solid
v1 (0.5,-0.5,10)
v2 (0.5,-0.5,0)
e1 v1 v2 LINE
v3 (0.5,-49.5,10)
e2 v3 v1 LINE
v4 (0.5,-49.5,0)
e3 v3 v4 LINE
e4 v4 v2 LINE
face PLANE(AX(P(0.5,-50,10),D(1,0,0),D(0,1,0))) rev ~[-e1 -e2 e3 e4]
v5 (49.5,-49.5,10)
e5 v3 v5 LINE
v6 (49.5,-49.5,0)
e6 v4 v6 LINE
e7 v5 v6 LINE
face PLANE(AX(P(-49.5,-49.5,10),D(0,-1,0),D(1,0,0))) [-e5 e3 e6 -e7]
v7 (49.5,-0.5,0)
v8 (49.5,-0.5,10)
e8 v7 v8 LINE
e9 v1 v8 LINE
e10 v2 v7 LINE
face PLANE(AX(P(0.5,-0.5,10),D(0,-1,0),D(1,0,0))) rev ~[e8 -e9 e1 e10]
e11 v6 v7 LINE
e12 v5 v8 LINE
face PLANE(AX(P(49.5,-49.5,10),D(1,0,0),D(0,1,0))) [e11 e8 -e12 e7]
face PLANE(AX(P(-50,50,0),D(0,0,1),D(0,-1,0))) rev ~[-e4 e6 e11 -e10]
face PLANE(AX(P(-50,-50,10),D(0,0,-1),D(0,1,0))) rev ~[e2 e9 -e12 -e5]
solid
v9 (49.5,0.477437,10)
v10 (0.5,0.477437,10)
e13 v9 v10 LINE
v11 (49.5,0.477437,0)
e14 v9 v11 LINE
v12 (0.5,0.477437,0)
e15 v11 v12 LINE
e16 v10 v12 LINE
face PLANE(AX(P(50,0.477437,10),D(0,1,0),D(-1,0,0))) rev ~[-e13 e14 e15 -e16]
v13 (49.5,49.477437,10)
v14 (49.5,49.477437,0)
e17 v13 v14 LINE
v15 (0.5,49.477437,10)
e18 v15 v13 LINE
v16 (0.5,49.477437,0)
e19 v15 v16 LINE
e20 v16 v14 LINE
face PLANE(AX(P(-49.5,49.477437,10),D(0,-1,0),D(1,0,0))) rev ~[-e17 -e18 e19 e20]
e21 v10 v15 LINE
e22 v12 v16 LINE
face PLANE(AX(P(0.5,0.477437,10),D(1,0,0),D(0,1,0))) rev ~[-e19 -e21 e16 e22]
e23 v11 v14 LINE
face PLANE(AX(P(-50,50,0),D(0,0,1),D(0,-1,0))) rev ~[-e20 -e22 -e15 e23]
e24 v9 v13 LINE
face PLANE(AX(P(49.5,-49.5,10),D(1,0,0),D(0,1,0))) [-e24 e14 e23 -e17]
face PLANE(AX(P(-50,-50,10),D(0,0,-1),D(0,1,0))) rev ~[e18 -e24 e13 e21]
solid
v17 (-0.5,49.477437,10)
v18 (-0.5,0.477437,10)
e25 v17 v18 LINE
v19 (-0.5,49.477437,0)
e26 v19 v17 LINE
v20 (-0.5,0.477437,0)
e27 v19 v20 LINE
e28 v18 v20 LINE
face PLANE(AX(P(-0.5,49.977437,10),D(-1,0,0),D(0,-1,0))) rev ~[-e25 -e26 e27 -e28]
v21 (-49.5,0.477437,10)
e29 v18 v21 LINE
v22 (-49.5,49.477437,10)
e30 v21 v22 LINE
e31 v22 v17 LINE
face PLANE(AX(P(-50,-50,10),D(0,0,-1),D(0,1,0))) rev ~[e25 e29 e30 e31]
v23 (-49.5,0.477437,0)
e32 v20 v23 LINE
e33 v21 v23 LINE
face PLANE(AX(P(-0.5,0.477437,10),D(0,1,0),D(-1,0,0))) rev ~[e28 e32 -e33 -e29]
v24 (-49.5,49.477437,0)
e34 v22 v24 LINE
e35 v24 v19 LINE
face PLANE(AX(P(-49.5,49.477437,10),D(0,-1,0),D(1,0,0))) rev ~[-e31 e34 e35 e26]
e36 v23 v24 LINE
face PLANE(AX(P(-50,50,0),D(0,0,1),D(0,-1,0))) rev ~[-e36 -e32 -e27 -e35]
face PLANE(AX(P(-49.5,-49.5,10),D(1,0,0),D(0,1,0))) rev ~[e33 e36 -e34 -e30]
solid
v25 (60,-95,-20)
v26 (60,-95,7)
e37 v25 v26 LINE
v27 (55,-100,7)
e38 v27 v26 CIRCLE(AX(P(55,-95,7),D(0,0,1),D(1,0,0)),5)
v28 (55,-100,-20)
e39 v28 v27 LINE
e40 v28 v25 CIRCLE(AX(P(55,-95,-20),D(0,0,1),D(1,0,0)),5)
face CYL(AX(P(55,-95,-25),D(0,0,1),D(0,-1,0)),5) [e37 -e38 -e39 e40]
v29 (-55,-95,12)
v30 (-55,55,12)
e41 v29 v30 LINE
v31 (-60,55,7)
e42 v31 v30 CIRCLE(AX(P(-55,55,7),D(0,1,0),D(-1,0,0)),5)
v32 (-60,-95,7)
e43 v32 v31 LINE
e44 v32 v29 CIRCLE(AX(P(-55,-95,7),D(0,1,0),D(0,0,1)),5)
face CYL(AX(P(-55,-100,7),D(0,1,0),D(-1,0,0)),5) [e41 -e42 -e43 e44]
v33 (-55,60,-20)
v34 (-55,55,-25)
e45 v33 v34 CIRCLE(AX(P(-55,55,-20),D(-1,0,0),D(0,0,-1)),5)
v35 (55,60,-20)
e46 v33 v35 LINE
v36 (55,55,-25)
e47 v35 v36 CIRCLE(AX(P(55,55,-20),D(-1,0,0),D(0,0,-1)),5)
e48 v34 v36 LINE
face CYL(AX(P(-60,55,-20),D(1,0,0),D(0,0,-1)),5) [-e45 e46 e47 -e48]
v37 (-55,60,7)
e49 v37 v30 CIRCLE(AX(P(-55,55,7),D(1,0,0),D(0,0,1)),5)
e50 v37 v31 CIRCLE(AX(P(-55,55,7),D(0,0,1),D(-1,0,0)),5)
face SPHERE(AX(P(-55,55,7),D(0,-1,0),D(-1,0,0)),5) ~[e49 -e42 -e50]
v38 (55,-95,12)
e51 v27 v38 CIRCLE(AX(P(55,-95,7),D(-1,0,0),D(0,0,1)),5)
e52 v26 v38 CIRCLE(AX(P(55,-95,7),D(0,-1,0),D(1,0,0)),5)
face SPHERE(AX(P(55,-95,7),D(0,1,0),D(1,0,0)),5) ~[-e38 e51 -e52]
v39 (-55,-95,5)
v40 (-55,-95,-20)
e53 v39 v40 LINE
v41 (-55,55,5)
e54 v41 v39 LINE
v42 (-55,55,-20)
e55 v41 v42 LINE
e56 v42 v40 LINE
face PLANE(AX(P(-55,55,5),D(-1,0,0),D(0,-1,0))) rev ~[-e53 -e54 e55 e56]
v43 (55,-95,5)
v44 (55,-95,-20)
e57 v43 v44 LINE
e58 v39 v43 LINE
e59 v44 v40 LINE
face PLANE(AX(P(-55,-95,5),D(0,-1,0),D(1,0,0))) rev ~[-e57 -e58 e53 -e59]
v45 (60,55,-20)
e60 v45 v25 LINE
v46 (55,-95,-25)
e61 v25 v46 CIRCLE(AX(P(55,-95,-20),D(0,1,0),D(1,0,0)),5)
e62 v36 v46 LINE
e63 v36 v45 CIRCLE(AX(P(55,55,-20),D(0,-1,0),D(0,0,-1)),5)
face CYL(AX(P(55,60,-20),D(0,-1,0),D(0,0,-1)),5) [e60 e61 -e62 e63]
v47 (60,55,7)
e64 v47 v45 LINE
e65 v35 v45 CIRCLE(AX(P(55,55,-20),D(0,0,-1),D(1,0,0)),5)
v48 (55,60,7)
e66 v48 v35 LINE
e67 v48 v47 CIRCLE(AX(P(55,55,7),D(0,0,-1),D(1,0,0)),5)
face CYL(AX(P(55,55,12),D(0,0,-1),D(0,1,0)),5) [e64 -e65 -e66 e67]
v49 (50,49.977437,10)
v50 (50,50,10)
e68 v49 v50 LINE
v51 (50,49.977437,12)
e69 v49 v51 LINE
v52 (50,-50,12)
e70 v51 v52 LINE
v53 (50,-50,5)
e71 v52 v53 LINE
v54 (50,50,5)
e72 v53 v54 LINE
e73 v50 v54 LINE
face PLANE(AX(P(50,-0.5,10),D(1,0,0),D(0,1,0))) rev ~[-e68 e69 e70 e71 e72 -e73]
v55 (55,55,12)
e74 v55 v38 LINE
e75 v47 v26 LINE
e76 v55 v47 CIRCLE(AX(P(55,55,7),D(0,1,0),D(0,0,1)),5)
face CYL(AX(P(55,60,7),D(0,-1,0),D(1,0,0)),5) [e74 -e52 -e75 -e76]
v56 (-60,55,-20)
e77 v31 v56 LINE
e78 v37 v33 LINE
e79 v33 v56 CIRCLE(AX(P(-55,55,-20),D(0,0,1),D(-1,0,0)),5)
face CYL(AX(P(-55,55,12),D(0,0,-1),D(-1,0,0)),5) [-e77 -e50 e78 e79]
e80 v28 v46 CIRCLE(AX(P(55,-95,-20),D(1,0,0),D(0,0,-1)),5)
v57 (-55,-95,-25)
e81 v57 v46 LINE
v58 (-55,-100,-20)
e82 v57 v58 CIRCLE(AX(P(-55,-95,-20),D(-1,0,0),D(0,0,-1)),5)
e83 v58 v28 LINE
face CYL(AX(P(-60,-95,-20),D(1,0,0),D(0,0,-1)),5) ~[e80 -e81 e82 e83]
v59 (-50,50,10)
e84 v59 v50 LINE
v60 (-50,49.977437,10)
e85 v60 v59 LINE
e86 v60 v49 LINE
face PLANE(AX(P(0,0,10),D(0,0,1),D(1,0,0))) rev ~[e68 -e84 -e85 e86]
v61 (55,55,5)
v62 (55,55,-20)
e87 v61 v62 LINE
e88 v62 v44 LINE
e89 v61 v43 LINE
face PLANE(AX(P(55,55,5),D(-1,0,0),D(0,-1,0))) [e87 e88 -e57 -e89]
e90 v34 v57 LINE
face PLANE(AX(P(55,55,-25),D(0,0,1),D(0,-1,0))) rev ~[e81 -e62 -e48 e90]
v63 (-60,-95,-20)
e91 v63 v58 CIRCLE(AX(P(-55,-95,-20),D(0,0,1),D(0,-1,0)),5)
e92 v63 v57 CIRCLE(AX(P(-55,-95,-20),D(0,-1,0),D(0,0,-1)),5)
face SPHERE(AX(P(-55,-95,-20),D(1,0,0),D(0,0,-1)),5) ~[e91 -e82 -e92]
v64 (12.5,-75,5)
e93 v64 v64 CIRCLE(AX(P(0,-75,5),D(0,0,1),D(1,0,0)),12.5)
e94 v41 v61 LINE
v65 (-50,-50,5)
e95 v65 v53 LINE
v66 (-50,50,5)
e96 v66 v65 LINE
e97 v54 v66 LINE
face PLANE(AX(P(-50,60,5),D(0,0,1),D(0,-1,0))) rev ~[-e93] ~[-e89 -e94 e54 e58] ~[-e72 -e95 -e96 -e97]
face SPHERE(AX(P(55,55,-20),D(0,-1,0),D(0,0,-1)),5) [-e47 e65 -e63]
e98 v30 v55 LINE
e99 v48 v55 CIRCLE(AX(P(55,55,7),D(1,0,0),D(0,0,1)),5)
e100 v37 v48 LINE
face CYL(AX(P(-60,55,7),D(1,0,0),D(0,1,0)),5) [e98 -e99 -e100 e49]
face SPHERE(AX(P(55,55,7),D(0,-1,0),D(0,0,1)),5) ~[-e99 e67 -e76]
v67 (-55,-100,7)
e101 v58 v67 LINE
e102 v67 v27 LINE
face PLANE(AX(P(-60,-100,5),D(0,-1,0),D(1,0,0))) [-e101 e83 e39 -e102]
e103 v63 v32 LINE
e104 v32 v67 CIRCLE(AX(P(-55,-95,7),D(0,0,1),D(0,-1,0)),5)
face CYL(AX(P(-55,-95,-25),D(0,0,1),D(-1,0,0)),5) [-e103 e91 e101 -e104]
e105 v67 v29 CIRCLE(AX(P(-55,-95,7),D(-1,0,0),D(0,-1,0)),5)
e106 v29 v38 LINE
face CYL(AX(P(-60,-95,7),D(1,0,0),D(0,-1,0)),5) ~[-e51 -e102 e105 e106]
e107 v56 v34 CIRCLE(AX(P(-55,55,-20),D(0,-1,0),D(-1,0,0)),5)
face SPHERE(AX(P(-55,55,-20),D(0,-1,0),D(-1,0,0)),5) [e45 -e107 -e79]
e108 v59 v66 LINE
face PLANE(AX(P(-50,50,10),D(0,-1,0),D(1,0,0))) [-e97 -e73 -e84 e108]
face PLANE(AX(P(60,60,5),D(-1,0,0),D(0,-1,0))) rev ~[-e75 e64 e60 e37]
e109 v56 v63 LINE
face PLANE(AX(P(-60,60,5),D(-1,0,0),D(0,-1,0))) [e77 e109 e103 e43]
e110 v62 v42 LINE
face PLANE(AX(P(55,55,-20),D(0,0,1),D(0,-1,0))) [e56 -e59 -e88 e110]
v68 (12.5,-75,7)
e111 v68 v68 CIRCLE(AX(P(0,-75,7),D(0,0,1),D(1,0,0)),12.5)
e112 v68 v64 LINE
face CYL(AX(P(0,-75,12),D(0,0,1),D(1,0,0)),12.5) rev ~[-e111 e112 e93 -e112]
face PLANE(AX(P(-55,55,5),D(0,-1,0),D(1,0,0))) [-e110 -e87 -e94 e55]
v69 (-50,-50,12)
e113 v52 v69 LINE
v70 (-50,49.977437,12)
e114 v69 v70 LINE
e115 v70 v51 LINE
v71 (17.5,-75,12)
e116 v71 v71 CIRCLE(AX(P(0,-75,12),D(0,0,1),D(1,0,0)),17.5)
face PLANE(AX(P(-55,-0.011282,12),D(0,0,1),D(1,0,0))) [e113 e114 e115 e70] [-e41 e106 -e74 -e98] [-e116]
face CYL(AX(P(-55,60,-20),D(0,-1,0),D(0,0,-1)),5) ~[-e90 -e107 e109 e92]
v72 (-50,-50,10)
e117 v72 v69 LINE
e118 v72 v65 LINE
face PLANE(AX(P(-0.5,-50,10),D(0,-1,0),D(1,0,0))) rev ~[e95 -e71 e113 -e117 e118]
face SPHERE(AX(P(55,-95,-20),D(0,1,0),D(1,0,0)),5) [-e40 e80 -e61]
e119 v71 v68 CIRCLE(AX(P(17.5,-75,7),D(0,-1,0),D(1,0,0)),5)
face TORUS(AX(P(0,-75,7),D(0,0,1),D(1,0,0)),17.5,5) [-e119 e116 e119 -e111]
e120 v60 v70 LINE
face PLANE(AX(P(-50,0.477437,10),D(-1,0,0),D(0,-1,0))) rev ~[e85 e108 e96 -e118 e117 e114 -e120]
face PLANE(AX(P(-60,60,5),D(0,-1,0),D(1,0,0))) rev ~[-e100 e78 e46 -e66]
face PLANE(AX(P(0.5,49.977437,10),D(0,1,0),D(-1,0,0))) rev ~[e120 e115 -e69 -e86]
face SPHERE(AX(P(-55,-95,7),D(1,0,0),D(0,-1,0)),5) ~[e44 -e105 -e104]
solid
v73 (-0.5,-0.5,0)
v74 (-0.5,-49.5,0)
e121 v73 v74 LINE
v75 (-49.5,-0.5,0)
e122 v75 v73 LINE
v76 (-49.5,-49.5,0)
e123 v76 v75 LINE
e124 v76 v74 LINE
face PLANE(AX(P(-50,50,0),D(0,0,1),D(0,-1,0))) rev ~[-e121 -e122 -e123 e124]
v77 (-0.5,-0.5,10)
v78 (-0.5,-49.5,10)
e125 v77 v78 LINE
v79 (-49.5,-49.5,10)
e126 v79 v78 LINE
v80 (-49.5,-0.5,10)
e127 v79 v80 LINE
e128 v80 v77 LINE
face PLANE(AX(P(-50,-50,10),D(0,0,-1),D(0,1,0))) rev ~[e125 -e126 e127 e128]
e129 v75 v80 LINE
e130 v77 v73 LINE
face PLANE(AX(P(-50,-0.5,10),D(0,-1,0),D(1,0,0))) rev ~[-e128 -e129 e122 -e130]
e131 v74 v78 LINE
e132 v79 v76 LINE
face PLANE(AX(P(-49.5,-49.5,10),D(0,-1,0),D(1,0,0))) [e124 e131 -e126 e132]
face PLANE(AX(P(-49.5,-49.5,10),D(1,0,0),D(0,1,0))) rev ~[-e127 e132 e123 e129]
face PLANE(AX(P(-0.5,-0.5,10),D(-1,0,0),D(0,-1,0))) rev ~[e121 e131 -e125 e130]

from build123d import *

# Parameters (mm, degrees)
F0_W      = 100
F0_H      = 100
F1_DEPTH  = 10
F2_W      = 100
F2_H      = 5
F3_DEPTH  = 50
F4_W      = 100
F4_H      = 50
F5_DEPTH  = 2
F7_DEPTH  = 10
F8_W      = 10
F8_H      = 100
F9_DEPTH  = 2
F11_DEPTH = 10
F12_W     = 100
F12_H     = 10.0225633383
F13_DEPTH = 2
F15_DEPTH = 10
F16_W     = 10
F16_H     = 99.9774366617
F17_DEPTH = 2
F19_DEPTH = 10
F20_W     = 10
F20_H     = 100
F21_DEPTH = 5
F22_R     = 12.5
F23_DEPTH = 7.00859
F24_W     = 100
F24_H     = 100
F24_W_2   = 99
F24_H_2   = 98.9774366617
F25_DEPTH = 10
F26_W     = 120
F26_H     = 160
F26_W_2   = 110
F26_H_2   = 150
F27_DEPTH = 30
F28_W     = 150
F28_H     = 5
F29_DEPTH = 110
F30_R     = 5


with BuildPart() as f1:
    # F0 (on Top) → F1 (new body)
    with BuildSketch(Plane.XY):
        Rectangle(F0_W, F0_H)
    extrude(amount=F1_DEPTH)

    # F2 (on face) → F3 (join)
    with BuildSketch(Plane.XZ.offset(50)):
        with Locations((0, 7.5)):
            Rectangle(F2_W, F2_H)
    extrude(amount=F3_DEPTH)

    # F4 (on face) → F5 (join)
    with BuildSketch(Plane.XY.offset(10)):
        with Locations((0, -75)):
            Rectangle(F4_W, F4_H)
    extrude(amount=F5_DEPTH)

    # F6 (on face) → F7 (join)
    with BuildSketch(Plane.YZ.offset(50)):
        Polygon((-100, 5), (-50, 5), (50, 5), (50, 10), (-50, 10), (-50, 12), (-100, 12), align=None)
    extrude(amount=F7_DEPTH)

    # F8 (on face) → F9 (join)
    with BuildSketch(Plane.XY.offset(10)):
        with Locations((55, 0)):
            Rectangle(F8_W, F8_H)
    extrude(amount=F9_DEPTH)

    # F10 (on face) → F11 (join)
    with BuildSketch(Plane(origin=(0, 50, 0), x_dir=(-1, 0, 0), z_dir=(0, 1, 0))):
        Polygon((-60, 5), (-50, 5), (50, 5), (50, 10), (-50, 10), (-50, 12), (-60, 12), align=None)
    extrude(amount=F11_DEPTH)

    # F12 (on face) → F13 (join)
    with BuildSketch(Plane.XY.offset(10)):
        with Locations((0, 54.9887183309)):
            Rectangle(F12_W, F12_H)
    extrude(amount=F13_DEPTH)

    # F14 (on face) → F15 (join)
    with BuildSketch(Plane(origin=(-50, 0, 0), x_dir=(0, -1, 0), z_dir=(-1, 0, 0))):
        Polygon((-60, 5), (-50, 5), (-50, 0), (50, 0), (50, 5), (100, 5), (100, 12), (50, 12), (50, 10), (-49.9774366617, 10), (-49.9774366617, 12), (-60, 12), align=None)
    extrude(amount=F15_DEPTH)

    # F16 (on face) → F17 (join)
    with BuildSketch(Plane.XY.offset(10)):
        with Locations((-55, -0.0112816691)):
            Rectangle(F16_W, F16_H)
    extrude(amount=F17_DEPTH)

    # F18 (on face) → F19 (cut)
    with BuildSketch(Plane.XY.offset(10)):
        Polygon((-0.5, -50), (0.5, -50), (0.5, -0.5), (50, -0.5), (50, 0.4774366617), (0.5, 0.4774366617), (0.5, 49.9774366617), (-0.5, 49.9774366617), (-0.5, 0.4774366617), (-50, 0.4774366617), (-50, -0.5), (-0.5, -0.5), align=None)
    extrude(amount=-F19_DEPTH, mode=Mode.SUBTRACT)

    # F20 (on face) → F21 (cut)
    with BuildSketch(Plane(origin=(0, 0, 0), x_dir=(1, 0, 0), z_dir=(0, 0, -1))):
        with Locations((-55, 0)):
            Rectangle(F20_W, F20_H)
    extrude(amount=-F21_DEPTH, mode=Mode.SUBTRACT)

    # F22 (on face) → F23 (cut)
    with BuildSketch(Plane.XY.offset(12)):
        with Locations((0, -75)):
            Circle(F22_R)
    extrude(amount=-F23_DEPTH, mode=Mode.SUBTRACT)

    # F24 (on face) → F25 (cut)
    with BuildSketch(Plane.XY.offset(10)):
        Rectangle(F24_W, F24_H)
        with Locations((0, -0.0112816691)):
            Rectangle(F24_W_2, F24_H_2, mode=Mode.SUBTRACT)
    extrude(amount=-F25_DEPTH, mode=Mode.SUBTRACT)

    # F26 (on face) → F27 (join)
    with BuildSketch(Plane(origin=(0, 0, 5), x_dir=(1, 0, 0), z_dir=(0, 0, -1))):
        with Locations((0, 20)):
            Rectangle(F26_W, F26_H)
        with Locations((0, 20)):
            Rectangle(F26_W_2, F26_H_2, mode=Mode.SUBTRACT)
    extrude(amount=F27_DEPTH)

    # F28 (on face) → F29 (join)
    with BuildSketch(Plane(origin=(55, 0, 0), x_dir=(0, -1, 0), z_dir=(-1, 0, 0))):
        with Locations((20, -22.5)):
            Rectangle(F28_W, F28_H)
    extrude(amount=F29_DEPTH)

    # F30
    f30_edges = [f1.edges().sort_by_distance(p)[0] for p in [
        (60, -20, 12),
        (60, -20, -25),
        (60, -100, -6.5),
        (0, -100, 12),
        (0, -100, -25),
        (-60, -20, -25),
        (-60, -100, -6.5),
        (-60, -20, 12),
        (-60, 60, -6.5),
        (0, 60, 12),
        (0, 60, -25),
        (60, 60, -6.5),
        (-12.5, -75, 12),
    ]]
    fillet(f30_edges, radius=F30_R)


solid = f1.part
